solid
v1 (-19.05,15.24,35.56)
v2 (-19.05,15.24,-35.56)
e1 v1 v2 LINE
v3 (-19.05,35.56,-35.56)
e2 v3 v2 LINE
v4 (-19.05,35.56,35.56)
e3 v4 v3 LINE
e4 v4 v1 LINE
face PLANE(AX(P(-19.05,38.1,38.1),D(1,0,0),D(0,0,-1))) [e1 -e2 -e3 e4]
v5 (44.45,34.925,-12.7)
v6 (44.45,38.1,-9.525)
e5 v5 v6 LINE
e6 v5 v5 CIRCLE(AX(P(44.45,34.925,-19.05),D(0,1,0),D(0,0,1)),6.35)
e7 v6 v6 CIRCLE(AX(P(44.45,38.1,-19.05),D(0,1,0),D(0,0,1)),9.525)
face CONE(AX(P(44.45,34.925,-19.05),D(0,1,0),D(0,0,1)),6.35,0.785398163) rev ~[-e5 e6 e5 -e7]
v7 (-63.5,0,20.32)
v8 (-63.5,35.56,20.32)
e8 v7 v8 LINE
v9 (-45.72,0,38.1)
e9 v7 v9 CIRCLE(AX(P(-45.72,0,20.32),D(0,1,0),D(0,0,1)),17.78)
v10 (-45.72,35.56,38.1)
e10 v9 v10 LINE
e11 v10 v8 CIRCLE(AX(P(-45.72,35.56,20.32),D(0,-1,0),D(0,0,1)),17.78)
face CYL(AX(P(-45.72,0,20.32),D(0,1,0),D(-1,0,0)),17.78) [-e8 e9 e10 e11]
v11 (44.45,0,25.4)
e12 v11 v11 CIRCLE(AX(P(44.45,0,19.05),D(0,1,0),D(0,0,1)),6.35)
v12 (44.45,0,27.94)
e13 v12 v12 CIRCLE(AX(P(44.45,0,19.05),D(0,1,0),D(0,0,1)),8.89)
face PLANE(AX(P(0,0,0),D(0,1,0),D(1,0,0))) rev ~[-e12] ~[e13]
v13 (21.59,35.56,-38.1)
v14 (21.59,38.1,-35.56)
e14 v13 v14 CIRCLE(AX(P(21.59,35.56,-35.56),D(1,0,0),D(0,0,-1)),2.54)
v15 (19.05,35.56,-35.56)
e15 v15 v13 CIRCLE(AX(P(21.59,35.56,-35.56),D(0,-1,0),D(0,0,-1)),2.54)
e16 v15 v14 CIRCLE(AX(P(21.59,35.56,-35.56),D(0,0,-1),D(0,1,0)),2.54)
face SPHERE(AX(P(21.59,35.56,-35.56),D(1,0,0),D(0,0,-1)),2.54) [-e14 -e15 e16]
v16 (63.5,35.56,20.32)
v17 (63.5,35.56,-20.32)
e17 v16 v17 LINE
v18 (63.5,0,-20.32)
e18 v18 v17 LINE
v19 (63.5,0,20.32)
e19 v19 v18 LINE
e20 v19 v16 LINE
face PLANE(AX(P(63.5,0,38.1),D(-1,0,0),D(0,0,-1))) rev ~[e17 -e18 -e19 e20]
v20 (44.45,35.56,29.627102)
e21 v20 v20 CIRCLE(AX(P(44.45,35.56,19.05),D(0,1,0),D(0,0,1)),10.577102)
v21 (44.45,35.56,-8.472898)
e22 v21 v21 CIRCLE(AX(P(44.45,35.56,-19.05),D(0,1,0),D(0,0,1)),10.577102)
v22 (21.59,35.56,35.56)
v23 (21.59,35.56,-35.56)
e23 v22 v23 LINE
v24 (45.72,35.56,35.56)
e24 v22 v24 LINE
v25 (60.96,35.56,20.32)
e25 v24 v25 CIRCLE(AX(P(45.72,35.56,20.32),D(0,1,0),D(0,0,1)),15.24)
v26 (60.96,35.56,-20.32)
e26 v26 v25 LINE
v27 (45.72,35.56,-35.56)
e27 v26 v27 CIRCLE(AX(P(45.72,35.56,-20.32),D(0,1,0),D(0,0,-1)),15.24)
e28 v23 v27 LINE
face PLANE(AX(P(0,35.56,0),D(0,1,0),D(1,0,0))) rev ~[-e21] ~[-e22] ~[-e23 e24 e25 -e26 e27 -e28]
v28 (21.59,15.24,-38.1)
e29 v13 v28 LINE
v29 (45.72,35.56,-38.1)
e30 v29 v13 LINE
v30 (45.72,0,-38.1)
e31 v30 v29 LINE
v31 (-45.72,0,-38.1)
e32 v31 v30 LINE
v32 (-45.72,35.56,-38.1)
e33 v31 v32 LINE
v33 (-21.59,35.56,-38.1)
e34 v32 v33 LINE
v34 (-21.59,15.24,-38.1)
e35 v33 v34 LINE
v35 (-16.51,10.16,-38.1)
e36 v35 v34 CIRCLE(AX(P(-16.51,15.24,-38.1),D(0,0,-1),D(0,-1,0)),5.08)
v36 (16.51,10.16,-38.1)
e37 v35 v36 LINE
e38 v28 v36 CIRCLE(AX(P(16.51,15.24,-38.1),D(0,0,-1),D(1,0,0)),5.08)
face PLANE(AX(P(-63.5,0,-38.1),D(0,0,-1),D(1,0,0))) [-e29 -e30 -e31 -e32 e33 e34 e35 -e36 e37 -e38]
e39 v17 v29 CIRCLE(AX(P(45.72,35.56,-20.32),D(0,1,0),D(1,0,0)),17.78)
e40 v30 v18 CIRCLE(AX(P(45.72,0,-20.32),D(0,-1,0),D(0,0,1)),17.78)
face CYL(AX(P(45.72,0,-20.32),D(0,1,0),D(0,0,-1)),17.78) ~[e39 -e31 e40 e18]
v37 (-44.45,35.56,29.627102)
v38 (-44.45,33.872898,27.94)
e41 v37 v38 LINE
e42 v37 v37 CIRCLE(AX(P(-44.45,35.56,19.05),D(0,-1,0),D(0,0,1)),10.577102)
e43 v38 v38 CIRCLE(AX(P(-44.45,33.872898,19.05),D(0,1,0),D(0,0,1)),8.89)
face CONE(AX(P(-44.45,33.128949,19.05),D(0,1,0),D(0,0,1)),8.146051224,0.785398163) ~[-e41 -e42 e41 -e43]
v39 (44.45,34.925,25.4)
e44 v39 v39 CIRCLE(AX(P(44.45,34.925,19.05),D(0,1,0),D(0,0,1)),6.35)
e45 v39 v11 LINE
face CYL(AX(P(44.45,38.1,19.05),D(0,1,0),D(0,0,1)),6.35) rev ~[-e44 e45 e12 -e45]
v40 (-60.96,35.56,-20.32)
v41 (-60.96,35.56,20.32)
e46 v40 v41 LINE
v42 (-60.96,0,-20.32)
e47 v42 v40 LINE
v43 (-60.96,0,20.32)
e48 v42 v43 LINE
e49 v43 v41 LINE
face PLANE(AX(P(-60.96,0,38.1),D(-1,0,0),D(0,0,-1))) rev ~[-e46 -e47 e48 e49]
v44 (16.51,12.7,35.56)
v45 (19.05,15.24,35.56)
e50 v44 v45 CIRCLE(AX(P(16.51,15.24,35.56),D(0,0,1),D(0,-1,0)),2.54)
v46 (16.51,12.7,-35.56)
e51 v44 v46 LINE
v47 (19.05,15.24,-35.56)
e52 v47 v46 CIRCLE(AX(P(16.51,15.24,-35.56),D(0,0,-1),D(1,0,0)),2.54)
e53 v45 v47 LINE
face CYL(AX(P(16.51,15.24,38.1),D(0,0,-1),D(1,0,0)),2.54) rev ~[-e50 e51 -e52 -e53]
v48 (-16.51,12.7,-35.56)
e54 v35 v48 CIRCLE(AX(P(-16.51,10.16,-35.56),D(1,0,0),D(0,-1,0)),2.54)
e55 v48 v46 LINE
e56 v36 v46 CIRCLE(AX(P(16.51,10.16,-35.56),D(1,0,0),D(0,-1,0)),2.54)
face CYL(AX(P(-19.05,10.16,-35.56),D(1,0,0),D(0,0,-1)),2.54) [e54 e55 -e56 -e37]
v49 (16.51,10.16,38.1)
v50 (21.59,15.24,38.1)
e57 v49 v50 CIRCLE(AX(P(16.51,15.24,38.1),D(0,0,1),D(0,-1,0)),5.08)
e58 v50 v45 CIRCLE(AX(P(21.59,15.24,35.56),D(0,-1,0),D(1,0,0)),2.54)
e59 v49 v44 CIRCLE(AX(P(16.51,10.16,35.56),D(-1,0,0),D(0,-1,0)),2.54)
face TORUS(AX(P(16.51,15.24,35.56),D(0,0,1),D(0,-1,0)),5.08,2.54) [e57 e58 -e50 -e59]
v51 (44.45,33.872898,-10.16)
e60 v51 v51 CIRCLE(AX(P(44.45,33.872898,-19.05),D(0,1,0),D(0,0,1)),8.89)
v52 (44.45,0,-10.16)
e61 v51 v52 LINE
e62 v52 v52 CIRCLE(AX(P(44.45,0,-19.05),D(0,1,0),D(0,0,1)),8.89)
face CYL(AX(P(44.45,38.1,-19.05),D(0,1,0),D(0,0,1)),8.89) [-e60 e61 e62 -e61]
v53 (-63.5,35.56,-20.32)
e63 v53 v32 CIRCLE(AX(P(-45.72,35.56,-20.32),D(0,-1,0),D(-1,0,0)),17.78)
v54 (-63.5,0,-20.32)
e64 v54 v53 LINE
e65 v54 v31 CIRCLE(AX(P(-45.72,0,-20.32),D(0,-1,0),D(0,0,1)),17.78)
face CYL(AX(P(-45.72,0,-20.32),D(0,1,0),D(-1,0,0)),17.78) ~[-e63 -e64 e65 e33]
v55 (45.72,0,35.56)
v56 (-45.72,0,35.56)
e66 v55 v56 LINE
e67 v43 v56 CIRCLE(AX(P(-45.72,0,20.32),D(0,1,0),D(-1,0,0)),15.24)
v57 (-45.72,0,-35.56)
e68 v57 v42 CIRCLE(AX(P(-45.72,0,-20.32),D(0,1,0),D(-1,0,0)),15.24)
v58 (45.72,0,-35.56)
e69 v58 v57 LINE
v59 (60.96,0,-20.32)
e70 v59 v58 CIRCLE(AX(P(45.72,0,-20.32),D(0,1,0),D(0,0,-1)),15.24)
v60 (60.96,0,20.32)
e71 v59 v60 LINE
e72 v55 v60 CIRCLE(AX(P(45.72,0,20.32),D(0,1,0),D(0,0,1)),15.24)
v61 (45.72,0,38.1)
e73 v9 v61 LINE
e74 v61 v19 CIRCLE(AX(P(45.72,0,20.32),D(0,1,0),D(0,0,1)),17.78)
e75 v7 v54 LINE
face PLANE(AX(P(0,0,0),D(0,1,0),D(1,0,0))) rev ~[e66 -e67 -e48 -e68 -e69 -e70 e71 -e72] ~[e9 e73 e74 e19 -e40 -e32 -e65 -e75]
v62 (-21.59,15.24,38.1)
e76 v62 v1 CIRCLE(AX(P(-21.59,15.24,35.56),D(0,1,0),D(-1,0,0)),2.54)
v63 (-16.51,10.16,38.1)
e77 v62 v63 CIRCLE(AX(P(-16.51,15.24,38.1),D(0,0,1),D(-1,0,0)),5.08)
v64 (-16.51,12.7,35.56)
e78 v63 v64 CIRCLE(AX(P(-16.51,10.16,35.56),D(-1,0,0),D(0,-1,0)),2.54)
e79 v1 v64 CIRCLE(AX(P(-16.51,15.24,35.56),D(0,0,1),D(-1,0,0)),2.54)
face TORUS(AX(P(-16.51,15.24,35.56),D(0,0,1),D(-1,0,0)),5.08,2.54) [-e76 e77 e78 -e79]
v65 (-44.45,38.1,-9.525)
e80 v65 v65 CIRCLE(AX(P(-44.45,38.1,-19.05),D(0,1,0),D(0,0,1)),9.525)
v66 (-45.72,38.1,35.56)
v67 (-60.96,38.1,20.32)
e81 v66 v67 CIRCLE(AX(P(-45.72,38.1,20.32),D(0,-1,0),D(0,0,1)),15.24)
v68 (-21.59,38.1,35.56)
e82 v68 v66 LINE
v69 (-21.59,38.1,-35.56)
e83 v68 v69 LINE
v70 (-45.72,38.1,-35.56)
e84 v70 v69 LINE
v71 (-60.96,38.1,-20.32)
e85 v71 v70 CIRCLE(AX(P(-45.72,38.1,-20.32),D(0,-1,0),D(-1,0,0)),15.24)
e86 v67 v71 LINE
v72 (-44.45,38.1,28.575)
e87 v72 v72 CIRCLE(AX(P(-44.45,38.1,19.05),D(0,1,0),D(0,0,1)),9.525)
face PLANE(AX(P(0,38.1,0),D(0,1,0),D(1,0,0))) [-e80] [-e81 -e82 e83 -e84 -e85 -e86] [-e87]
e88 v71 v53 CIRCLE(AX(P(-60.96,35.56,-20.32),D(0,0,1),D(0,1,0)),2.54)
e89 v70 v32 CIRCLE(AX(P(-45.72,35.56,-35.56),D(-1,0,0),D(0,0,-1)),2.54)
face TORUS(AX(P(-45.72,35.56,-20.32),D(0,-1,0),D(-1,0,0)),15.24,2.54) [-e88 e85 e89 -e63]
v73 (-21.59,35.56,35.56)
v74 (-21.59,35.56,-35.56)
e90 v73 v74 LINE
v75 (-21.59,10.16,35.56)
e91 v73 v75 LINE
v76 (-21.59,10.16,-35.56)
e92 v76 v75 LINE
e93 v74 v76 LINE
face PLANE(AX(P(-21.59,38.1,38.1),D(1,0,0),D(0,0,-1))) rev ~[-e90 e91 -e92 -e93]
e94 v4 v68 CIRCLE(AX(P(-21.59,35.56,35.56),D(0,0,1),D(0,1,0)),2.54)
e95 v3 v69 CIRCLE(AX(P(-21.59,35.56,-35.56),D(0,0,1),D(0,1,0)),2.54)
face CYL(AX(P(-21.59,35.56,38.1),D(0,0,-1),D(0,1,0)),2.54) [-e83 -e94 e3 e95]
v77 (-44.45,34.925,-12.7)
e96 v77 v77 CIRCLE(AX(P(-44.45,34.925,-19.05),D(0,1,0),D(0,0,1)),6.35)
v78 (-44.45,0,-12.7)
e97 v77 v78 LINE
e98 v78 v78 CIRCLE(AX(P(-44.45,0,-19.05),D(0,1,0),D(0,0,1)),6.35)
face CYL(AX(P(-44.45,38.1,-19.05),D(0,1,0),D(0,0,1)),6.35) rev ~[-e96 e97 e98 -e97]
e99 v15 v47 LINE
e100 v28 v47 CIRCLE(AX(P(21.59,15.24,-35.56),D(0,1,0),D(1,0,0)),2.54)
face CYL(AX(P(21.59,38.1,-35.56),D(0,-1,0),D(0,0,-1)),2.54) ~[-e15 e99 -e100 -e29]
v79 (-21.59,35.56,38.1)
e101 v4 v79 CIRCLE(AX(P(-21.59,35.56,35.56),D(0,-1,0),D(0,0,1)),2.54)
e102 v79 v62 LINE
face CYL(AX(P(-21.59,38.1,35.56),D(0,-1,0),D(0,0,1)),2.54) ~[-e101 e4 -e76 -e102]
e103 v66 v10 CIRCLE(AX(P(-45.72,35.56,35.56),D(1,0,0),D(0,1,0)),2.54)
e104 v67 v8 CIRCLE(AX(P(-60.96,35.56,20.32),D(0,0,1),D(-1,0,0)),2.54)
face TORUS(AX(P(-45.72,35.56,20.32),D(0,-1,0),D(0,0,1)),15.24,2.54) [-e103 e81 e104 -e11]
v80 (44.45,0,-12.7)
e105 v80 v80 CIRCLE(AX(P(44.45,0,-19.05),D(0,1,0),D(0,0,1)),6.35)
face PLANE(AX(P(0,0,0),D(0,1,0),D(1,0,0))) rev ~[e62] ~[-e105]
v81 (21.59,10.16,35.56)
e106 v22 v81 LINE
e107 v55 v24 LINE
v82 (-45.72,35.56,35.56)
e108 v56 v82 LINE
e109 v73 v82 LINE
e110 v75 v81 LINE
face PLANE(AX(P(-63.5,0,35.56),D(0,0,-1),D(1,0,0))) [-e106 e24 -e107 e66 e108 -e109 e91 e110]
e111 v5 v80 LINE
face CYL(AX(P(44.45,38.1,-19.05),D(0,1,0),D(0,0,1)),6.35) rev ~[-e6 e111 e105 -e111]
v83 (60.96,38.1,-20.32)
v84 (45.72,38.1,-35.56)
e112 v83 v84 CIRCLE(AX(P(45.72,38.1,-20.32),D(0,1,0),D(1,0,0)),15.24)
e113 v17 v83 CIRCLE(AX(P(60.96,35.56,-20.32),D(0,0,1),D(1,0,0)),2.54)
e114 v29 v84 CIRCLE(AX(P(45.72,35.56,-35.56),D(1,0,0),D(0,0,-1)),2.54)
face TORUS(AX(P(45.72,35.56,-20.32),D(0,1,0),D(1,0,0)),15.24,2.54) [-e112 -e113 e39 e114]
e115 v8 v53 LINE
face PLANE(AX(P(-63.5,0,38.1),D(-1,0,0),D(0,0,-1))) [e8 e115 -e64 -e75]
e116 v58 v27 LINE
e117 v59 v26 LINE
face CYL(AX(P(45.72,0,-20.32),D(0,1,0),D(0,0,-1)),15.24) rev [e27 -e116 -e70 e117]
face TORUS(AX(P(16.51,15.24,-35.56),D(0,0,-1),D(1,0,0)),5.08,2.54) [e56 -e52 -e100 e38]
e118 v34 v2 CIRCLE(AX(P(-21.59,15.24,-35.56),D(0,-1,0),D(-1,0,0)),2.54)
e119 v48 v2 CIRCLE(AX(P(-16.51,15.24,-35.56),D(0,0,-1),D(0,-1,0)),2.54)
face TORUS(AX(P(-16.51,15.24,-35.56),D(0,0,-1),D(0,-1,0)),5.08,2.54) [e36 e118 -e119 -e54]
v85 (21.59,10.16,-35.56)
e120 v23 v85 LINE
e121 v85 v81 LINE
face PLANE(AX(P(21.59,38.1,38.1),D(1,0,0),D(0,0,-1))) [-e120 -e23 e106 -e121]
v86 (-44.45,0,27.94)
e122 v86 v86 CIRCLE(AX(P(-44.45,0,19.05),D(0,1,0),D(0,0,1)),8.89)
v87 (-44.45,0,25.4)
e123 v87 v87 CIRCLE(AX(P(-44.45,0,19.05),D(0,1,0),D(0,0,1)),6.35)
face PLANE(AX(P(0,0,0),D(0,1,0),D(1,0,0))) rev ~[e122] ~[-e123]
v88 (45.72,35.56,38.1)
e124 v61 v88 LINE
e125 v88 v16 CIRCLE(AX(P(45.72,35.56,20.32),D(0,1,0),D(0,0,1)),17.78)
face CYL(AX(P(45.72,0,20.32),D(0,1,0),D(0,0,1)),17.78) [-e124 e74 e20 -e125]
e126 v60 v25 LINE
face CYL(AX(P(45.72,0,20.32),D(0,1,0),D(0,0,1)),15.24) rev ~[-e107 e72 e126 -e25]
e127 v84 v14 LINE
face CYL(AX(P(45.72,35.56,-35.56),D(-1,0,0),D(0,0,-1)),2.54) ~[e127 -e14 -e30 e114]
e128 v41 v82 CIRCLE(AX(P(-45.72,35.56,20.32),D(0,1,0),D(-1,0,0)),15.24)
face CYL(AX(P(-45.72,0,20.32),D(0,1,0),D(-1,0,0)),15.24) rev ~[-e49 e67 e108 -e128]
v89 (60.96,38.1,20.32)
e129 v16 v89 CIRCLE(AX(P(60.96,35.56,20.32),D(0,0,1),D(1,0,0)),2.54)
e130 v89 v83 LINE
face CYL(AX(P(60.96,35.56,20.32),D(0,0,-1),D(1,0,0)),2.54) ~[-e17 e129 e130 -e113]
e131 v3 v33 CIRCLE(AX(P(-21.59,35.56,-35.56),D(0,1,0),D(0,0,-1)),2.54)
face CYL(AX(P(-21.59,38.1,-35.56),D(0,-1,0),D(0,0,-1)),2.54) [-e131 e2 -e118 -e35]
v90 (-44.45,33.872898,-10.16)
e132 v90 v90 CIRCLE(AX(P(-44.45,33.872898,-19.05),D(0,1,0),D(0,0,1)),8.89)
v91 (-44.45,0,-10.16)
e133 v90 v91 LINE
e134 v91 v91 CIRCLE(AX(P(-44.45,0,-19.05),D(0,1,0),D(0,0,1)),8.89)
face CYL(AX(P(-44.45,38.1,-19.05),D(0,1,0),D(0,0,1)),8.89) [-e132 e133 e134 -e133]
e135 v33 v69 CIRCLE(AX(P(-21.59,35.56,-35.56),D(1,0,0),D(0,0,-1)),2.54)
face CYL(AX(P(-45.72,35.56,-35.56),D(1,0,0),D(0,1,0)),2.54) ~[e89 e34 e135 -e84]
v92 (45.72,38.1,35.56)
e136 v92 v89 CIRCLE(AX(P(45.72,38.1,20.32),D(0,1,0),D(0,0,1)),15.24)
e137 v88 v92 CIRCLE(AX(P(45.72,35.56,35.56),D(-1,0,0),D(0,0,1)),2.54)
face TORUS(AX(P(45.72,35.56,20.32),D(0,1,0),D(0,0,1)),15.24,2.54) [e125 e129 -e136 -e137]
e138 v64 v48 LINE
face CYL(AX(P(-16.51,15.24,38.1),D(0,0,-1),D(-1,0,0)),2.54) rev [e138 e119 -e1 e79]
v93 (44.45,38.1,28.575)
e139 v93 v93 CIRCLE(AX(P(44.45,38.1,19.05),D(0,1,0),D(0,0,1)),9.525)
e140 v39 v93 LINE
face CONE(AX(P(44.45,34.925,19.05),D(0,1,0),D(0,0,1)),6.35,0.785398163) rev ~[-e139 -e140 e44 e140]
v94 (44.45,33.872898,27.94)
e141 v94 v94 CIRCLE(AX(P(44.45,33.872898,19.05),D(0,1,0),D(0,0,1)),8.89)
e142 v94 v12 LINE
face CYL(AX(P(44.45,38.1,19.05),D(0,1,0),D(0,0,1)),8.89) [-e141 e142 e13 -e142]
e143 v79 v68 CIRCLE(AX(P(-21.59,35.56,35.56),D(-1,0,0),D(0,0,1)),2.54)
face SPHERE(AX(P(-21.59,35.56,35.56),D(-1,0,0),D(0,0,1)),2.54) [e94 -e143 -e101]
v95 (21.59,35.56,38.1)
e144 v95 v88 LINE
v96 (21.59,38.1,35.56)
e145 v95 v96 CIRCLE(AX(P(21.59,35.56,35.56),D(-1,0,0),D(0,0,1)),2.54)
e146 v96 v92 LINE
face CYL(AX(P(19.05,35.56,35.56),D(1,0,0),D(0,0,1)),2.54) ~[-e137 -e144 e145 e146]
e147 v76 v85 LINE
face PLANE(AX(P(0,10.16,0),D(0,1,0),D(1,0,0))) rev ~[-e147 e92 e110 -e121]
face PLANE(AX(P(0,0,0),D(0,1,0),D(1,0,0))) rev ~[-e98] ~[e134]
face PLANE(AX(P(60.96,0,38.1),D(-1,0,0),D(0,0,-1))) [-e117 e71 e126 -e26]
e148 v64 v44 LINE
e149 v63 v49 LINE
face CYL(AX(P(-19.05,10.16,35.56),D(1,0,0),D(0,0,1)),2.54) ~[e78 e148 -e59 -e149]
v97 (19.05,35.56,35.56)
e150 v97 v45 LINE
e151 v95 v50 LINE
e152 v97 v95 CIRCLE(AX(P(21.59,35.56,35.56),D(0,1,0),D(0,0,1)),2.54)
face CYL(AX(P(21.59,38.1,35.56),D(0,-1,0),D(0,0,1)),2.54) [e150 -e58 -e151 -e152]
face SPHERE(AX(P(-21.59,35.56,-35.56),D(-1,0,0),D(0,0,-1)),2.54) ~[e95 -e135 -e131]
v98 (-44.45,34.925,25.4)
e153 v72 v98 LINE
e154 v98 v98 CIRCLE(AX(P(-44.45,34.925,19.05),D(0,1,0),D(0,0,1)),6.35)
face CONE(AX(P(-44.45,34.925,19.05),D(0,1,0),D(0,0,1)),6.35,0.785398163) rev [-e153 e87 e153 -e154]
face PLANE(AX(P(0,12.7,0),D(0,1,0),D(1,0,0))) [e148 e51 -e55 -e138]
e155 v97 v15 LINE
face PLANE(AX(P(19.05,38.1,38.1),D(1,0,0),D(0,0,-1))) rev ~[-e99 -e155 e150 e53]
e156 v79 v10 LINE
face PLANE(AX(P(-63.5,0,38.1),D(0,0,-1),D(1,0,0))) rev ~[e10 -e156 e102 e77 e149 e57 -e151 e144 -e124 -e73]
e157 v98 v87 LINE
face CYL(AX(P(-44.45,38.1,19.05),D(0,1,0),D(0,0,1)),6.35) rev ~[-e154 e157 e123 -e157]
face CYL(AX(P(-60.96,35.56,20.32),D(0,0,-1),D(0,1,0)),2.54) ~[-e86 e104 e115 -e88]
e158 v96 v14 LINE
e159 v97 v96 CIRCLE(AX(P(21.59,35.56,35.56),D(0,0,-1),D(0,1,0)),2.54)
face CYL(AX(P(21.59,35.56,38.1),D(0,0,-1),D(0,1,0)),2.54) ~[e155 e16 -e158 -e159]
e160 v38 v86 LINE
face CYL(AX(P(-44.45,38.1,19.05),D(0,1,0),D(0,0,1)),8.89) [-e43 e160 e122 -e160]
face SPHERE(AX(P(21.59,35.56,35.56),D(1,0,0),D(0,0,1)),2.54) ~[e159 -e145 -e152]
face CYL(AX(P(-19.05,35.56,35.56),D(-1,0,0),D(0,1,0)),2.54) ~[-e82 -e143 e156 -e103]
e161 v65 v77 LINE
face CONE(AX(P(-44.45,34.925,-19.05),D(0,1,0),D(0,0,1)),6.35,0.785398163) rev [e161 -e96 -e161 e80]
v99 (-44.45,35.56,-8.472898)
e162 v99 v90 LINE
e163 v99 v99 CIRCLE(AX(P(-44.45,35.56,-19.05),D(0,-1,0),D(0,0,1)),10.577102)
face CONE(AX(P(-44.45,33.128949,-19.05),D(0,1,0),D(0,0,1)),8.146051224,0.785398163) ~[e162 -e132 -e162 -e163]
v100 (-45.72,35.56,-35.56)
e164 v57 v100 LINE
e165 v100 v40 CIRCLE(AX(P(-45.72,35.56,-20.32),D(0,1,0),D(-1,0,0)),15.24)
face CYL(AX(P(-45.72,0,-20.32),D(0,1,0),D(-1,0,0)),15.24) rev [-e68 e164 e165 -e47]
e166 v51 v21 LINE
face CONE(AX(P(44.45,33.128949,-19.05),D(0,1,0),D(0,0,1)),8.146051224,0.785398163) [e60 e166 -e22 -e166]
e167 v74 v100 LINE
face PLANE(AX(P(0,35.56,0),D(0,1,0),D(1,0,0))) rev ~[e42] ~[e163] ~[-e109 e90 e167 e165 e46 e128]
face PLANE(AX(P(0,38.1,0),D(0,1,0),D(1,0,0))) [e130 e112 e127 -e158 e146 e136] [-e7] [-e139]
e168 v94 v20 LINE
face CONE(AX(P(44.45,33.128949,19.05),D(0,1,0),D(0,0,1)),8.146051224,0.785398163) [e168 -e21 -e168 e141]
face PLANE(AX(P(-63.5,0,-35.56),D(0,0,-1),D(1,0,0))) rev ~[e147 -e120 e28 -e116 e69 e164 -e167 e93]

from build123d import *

# Parameters (mm, degrees)
SKETCH1_W           = 127
SKETCH1_H           = 76.2
BOSS_EXTRUDE1_DEPTH = 38.1
SKETCH2_R           = 6.35
CUT_EXTRUDE2_DEPTH  = 84.279469259
SKETCH3_W           = 38.1
SKETCH3_H           = 76.2
CUT_EXTRUDE3_DEPTH  = 25.4
FILLET1_R           = 17.78
CHAMFER1_SIZE       = 3.175
SHELL1_T            = -2.54
FILLET2_R           = 2.54


with BuildPart() as part:
    # Sketch1 → Boss-Extrude1 (new body)
    with BuildSketch(Plane(origin=(0, 0, 0), x_dir=(1, 0, 0), z_dir=(0, 1, 0))):
        Rectangle(SKETCH1_W, SKETCH1_H)
    extrude(amount=BOSS_EXTRUDE1_DEPTH)

    # Sketch2 → Cut-Extrude2 (cut, through all)
    with BuildSketch(Plane(origin=(0, 38.1, 0), x_dir=(1, 0, 0), z_dir=(0, 1, 0))):
        with Locations(Location((-44.45, 19.05, 0), (0, 0, 270))):
            Circle(SKETCH2_R)
        with Locations(Location((44.45, 19.05, 0), (0, 0, 270))):
            Circle(SKETCH2_R)
        with Locations(Location((44.45, -19.05, 0), (0, 0, 270))):
            Circle(SKETCH2_R)
        with Locations(Location((-44.45, -19.05, 0), (0, 0, 270))):
            Circle(SKETCH2_R)
    extrude(amount=-CUT_EXTRUDE2_DEPTH, mode=Mode.SUBTRACT)

    # Sketch3 → Cut-Extrude3 (cut)
    with BuildSketch(Plane(origin=(0, 38.1, 0), x_dir=(1, 0, 0), z_dir=(0, 1, 0))):
        Rectangle(SKETCH3_W, SKETCH3_H)
    extrude(amount=-CUT_EXTRUDE3_DEPTH, mode=Mode.SUBTRACT)

    # Fillet1
    fillet1_edges = [part.edges().sort_by_distance(p)[0] for p in [
        (63.5, 19.05, 38.1),
        (-63.5, 19.05, 38.1),
        (-63.5, 19.05, -38.1),
        (63.5, 19.05, -38.1),
    ]]
    fillet(fillet1_edges, radius=FILLET1_R)

    # Chamfer1
    chamfer1_edges = [part.edges().sort_by_distance(p)[0] for p in [
        (-44.45, 38.1, 12.7),
        (44.45, 38.1, 12.7),
        (44.45, 38.1, -25.4),
        (-44.45, 38.1, -25.4),
    ]]
    chamfer(chamfer1_edges, length=CHAMFER1_SIZE)

    # Shell1
    shell1_openings = [part.faces().sort_by_distance(p)[0] for p in [
        (0, 0, 0),
    ]]
    offset(amount=SHELL1_T, openings=shell1_openings, kind=Kind.INTERSECTION)

    # Fillet2
    fillet2_edges = [part.edges().sort_by_distance(p)[0] for p in [
        (-32.385, 38.1, -38.1),
        (32.385, 38.1, 38.1),
        (19.05, 12.7, 0),
        (19.05, 25.4, -38.1),
        (0, 12.7, 38.1),
        (19.05, 25.4, 38.1),
        (-19.05, 12.7, 0),
        (-19.05, 25.4, 38.1),
        (0, 12.7, -38.1),
        (-19.05, 25.4, -38.1),
        (19.05, 38.1, 0),
        (-19.05, 38.1, 0),
        (-63.5, 38.1, 0),
        (32.385, 38.1, -38.1),
        (-32.385, 38.1, 38.1),
        (-58.292358569, 38.1, 32.892358569),
        (-58.292358569, 38.1, -32.892358569),
        (63.5, 38.1, 0),
        (58.292358569, 38.1, 32.892358569),
        (58.292358569, 38.1, -32.892358569),
    ]]
    fillet(fillet2_edges, radius=FILLET2_R)


solid = part.part
